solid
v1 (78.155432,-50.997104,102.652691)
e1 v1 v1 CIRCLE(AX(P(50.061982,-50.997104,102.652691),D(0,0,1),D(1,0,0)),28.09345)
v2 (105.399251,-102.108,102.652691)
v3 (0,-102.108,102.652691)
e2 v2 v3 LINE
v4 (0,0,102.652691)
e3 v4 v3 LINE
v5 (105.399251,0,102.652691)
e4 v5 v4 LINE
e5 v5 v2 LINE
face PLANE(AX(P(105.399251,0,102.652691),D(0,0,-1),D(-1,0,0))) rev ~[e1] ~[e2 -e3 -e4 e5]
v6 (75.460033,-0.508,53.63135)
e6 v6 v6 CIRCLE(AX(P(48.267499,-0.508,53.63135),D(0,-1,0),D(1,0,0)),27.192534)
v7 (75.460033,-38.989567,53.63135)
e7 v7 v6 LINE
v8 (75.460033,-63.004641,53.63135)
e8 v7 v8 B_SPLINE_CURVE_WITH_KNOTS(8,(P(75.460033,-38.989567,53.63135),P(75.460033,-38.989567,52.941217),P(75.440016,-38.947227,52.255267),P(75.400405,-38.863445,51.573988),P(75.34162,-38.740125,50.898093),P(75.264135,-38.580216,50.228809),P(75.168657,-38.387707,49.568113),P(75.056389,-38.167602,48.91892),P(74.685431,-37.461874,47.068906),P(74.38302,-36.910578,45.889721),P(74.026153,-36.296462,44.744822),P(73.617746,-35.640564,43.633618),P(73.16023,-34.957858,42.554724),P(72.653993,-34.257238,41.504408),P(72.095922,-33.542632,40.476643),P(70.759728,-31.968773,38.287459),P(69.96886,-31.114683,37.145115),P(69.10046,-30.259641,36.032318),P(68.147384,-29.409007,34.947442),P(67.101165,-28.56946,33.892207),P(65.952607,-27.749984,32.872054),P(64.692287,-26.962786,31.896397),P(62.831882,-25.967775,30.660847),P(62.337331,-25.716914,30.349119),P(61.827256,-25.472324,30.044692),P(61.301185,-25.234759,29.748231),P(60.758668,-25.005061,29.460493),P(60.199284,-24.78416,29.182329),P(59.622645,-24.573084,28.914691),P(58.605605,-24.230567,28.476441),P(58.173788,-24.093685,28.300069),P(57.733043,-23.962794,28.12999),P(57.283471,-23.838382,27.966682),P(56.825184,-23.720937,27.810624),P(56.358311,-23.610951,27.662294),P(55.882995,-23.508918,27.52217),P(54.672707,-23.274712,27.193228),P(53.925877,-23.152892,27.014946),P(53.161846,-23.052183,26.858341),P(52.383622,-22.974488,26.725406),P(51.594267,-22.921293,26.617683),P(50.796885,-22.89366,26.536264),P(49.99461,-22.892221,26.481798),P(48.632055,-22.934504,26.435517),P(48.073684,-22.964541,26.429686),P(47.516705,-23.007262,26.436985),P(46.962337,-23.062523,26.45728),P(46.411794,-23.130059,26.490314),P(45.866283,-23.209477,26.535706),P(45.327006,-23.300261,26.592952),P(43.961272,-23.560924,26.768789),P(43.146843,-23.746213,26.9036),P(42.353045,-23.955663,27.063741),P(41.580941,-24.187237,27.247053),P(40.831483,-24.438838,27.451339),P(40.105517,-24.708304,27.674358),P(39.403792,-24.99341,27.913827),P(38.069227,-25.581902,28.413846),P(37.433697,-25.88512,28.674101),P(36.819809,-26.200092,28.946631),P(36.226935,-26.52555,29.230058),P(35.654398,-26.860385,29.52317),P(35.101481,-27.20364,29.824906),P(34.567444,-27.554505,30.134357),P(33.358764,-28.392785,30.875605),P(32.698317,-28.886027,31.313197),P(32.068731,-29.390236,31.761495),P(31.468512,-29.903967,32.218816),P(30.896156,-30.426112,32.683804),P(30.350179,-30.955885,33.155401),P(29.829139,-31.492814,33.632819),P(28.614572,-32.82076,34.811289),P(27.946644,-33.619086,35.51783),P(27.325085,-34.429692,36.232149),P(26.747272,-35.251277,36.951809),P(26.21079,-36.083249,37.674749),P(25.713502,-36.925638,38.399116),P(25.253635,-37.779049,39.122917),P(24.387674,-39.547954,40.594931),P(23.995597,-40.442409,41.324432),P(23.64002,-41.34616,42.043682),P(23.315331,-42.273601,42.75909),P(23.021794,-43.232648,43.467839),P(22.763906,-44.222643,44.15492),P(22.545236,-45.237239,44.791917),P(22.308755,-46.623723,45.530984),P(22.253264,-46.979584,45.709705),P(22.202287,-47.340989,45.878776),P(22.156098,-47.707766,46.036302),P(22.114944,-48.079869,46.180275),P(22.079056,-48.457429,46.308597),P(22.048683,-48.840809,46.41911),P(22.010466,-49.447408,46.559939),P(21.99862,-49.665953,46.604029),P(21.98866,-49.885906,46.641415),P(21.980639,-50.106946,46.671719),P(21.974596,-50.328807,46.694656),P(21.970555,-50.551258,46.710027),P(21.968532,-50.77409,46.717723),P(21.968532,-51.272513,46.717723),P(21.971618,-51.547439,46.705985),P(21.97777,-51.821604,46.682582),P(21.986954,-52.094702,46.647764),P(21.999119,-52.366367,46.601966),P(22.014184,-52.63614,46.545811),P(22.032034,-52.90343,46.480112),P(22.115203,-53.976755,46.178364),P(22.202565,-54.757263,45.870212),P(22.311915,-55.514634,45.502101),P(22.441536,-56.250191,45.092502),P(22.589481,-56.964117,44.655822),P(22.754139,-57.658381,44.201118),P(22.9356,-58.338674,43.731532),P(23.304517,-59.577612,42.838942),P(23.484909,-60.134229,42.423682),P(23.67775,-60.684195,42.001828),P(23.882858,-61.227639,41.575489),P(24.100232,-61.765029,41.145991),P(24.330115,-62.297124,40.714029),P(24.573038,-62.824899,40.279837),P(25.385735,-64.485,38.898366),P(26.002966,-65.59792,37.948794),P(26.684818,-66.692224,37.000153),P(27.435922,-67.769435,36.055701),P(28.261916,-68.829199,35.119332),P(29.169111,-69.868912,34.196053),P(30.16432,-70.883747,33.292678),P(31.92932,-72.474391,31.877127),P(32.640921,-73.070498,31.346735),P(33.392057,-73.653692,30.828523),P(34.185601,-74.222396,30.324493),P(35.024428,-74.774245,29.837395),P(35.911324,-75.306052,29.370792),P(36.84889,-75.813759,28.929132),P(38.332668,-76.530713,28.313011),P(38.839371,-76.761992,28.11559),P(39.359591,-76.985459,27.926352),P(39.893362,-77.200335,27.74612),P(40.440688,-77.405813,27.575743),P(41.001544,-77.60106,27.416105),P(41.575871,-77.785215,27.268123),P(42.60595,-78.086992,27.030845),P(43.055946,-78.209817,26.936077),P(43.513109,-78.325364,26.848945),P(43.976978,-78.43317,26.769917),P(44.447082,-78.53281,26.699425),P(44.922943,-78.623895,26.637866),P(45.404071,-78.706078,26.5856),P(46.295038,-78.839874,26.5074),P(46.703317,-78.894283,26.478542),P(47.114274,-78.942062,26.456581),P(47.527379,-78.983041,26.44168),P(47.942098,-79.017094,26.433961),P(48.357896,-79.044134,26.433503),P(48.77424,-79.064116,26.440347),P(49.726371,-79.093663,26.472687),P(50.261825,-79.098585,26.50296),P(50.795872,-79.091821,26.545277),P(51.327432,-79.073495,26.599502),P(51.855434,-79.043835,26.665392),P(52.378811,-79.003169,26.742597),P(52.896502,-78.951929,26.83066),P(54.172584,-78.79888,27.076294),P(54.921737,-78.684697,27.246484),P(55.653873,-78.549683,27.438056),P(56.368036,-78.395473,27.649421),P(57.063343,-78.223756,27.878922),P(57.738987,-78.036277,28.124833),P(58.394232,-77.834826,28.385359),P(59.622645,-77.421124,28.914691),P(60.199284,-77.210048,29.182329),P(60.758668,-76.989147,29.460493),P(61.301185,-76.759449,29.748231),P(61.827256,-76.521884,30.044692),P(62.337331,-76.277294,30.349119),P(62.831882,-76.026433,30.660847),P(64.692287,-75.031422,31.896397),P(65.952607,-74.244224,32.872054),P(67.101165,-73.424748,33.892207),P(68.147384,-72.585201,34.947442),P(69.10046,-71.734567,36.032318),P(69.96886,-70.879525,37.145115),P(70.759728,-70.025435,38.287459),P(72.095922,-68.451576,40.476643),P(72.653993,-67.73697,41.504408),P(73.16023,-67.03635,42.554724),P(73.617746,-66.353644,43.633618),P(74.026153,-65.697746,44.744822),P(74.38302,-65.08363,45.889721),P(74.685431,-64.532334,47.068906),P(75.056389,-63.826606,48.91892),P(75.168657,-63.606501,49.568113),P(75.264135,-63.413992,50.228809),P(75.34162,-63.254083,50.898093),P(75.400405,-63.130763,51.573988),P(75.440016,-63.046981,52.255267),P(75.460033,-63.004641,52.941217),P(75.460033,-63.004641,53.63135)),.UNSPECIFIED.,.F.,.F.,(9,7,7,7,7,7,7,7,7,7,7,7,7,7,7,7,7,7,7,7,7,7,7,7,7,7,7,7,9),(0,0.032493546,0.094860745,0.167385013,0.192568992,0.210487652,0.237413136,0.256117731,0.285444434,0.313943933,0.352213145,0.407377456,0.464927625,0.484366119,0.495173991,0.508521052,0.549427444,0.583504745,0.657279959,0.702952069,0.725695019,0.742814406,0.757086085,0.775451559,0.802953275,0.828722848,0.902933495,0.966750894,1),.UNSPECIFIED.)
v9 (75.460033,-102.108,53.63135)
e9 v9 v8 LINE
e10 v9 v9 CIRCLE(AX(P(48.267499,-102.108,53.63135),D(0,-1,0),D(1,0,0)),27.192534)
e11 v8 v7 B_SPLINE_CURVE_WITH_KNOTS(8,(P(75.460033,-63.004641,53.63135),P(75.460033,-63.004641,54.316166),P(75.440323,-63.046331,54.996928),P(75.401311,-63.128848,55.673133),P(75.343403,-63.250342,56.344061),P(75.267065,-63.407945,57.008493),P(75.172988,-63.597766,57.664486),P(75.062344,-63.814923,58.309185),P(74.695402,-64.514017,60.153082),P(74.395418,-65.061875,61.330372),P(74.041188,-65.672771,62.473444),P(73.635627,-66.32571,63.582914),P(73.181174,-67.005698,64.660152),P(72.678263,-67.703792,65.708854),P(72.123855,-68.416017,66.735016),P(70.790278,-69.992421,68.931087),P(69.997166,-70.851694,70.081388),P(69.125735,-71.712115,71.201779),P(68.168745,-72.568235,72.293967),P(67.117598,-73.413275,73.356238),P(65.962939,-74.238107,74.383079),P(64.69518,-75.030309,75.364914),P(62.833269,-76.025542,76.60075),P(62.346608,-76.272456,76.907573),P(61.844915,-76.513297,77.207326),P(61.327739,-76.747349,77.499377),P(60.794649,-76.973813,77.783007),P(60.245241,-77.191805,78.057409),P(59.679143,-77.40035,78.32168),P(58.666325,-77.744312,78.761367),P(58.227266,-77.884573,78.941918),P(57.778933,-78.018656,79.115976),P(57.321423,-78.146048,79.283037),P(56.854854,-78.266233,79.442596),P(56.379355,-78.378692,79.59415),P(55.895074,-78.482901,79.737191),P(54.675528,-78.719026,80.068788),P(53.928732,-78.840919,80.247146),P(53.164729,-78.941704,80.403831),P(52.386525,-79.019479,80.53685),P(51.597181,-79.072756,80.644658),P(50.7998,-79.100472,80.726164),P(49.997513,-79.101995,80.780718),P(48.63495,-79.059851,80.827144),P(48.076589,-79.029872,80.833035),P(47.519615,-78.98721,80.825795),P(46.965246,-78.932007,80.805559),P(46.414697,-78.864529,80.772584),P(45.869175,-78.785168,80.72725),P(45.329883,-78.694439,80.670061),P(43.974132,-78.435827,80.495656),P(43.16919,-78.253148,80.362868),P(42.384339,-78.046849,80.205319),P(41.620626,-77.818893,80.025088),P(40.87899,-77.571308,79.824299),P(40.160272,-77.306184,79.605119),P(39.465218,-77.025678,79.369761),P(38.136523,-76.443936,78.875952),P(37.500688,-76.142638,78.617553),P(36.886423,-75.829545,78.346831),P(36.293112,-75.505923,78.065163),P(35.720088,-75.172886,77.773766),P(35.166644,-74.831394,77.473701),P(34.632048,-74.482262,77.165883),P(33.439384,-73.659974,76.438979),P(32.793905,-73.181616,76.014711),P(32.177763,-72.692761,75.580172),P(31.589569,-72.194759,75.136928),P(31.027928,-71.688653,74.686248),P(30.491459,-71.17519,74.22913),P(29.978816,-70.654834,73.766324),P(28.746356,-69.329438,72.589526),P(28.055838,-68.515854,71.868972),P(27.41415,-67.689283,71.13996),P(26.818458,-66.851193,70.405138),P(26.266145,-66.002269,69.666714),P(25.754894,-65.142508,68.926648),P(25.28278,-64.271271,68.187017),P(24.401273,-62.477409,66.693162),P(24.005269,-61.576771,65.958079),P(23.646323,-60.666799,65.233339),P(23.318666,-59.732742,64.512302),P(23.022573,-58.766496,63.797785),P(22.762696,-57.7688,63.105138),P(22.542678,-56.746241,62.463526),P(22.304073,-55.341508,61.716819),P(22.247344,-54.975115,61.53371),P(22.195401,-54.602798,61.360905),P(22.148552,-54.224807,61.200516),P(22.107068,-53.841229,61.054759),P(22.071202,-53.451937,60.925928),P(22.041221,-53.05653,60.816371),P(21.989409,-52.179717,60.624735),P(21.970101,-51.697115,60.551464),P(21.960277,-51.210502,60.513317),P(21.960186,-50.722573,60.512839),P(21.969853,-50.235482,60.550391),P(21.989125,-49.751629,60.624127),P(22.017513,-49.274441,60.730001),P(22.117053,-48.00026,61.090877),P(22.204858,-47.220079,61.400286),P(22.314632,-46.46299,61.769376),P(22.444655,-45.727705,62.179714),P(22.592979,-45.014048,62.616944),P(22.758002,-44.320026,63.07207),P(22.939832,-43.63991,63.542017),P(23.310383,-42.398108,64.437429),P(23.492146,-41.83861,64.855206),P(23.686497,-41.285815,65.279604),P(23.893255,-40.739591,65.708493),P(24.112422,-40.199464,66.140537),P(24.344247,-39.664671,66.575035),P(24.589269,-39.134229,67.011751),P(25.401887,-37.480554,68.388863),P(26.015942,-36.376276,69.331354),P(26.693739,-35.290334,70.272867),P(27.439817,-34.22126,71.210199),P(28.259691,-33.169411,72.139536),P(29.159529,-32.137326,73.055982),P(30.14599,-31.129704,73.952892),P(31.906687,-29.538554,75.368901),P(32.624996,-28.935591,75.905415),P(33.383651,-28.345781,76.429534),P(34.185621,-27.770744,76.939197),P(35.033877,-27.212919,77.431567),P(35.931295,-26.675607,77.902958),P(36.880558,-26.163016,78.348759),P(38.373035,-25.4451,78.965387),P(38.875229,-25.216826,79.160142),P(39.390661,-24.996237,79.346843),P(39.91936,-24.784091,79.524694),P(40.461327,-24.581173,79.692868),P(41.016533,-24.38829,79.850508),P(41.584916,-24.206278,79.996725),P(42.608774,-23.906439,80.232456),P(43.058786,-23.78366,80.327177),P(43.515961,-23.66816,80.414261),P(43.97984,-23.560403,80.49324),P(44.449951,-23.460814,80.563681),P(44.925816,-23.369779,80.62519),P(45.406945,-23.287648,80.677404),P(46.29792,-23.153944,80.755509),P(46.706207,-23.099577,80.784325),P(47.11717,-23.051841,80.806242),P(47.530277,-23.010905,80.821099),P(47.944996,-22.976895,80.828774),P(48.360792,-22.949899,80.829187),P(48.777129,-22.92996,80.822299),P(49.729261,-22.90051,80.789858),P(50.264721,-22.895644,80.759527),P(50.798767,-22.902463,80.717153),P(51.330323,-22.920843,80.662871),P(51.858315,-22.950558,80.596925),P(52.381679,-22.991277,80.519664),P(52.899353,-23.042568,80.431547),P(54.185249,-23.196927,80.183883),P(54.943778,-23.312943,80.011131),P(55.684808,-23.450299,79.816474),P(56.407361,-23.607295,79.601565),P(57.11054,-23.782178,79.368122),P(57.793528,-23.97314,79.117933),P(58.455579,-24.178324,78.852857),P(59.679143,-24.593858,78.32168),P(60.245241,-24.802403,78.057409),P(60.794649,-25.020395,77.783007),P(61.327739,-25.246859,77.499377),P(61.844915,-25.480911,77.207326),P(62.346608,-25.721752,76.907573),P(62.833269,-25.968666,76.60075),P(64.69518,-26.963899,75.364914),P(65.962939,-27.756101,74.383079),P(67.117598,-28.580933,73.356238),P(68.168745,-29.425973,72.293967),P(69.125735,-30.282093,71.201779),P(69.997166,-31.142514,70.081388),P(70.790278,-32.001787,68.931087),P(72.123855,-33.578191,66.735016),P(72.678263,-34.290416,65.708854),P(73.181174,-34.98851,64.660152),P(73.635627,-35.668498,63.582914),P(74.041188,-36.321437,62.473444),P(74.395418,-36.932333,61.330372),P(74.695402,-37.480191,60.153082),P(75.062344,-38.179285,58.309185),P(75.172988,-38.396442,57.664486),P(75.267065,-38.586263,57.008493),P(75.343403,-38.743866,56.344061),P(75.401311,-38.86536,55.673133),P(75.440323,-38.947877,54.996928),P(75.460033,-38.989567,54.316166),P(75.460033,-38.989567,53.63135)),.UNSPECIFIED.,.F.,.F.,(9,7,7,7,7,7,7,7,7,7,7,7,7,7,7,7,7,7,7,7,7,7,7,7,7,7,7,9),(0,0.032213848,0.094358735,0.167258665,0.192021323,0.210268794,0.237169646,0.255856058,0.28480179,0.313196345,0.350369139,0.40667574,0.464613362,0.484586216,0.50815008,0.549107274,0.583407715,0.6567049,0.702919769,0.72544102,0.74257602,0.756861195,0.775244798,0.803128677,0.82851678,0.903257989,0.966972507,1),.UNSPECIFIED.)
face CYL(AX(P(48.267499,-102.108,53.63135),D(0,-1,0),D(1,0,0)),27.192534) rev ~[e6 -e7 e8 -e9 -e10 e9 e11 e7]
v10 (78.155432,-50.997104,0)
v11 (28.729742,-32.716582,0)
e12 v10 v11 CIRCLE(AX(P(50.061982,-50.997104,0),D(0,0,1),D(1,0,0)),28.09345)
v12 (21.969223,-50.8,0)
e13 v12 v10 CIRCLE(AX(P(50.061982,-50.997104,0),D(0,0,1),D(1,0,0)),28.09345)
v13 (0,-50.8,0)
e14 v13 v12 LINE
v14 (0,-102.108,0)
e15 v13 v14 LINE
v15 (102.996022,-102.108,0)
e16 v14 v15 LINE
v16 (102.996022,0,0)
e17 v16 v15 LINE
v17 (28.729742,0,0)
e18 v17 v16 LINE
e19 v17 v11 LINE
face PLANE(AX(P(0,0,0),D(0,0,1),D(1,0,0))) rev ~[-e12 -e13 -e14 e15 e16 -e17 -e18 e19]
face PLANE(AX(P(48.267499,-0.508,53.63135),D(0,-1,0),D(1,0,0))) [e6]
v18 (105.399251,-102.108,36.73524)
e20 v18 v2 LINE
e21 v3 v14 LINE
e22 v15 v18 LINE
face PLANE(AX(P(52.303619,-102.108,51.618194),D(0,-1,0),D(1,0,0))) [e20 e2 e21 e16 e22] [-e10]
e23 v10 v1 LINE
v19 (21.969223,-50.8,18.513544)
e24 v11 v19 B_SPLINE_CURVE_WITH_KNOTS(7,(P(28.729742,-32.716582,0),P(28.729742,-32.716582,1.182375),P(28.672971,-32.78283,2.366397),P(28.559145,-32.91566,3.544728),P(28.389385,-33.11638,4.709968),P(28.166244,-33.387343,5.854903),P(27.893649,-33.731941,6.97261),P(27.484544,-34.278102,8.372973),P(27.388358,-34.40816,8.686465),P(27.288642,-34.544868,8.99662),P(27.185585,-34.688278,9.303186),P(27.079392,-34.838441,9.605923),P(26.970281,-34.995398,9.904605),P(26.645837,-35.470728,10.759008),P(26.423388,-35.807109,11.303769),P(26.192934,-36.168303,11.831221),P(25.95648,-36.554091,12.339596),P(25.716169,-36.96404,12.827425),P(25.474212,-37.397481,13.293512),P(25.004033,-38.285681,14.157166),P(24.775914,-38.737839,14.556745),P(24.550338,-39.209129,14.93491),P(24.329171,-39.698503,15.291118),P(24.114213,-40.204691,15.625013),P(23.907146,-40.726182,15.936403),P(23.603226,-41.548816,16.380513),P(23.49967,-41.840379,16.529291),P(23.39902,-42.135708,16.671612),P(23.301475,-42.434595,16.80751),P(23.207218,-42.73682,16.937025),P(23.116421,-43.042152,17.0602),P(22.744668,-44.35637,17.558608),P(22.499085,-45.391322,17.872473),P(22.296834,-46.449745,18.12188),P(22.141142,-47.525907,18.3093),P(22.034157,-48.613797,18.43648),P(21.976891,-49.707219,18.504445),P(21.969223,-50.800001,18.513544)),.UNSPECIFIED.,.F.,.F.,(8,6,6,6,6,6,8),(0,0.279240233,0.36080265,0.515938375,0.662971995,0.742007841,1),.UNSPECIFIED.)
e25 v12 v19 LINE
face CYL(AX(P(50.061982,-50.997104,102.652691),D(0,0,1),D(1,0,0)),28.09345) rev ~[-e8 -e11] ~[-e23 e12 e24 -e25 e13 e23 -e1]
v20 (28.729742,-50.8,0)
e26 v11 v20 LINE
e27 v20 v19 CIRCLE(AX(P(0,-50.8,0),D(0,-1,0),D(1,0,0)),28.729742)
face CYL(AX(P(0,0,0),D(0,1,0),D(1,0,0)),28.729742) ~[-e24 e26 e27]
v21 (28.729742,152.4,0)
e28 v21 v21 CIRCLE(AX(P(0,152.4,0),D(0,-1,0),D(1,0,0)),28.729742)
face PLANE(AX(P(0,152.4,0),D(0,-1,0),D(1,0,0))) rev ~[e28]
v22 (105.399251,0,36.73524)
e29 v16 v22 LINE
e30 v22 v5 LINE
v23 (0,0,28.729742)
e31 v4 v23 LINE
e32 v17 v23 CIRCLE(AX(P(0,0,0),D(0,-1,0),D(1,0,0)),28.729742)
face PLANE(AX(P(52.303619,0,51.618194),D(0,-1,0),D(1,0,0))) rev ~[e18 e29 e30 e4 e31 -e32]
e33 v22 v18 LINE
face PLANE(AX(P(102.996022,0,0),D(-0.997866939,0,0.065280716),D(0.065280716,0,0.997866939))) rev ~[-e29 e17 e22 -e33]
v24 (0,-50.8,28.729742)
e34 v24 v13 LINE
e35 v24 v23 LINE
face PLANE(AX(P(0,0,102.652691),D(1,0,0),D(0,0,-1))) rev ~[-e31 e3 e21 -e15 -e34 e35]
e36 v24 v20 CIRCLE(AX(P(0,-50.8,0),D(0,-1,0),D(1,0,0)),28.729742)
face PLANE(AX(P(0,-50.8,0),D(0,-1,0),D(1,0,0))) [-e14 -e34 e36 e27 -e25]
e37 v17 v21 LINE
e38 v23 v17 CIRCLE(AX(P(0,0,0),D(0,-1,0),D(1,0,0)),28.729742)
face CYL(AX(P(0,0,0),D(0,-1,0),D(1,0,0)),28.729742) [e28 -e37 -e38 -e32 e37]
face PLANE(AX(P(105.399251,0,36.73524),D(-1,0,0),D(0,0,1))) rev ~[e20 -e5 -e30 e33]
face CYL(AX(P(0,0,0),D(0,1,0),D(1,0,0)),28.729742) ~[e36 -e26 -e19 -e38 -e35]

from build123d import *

# Parameters (mm, degrees)
F1_DEPTH      = 102.108
F2_R          = 28.09345
F3_DEPTH      = 101.6
F3_FACE_R     = 28.09345
F4_DEPTH      = 101.6
F5_R          = 27.192534
F6_DEPTH      = 101.6
F7_R          = 28.729742
F8_DEPTH      = 50.8
F8_DEPTH_BACK = 152.4


with BuildPart() as f1:
    # F0 (on Front) → F1 (new body)
    with BuildSketch(Plane.XZ):
        Polygon((0, 102.652691), (0, 0), (99.562824, 0), (102.996022, 0), (105.399251, 36.73524), (105.399251, 48.408125), (105.399251, 63.514203), (105.399251, 102.652691), align=None)
    extrude(amount=F1_DEPTH)

    # F2 (on face) → F3 (cut)
    with BuildSketch(Plane.XY.offset(102.652691)):
        with Locations((50.061982, -50.997104)):
            Circle(F2_R)
    extrude(amount=-F3_DEPTH, mode=Mode.SUBTRACT)

    # F3_face (on face) → F4 (cut)
    with BuildSketch(Plane(origin=(50.061982, -50.997104, 1.052691), x_dir=(1, 0, 0), z_dir=(0, 0, 1))):
        Circle(F3_FACE_R)
    extrude(amount=-F4_DEPTH, mode=Mode.SUBTRACT)

    # F5 (on face) → F6 (cut)
    with BuildSketch(Plane.XZ.offset(102.108)):
        with Locations((48.267499, 53.63135)):
            Circle(F5_R)
    extrude(amount=-F6_DEPTH, mode=Mode.SUBTRACT)

    # F7 (on Front) → F8 (join, two sides)
    with BuildSketch(Plane.XZ) as f8_sk:
        Circle(F7_R)
    extrude(amount=F8_DEPTH)
    extrude(f8_sk.sketch, amount=-F8_DEPTH_BACK)


solid = f1.part
